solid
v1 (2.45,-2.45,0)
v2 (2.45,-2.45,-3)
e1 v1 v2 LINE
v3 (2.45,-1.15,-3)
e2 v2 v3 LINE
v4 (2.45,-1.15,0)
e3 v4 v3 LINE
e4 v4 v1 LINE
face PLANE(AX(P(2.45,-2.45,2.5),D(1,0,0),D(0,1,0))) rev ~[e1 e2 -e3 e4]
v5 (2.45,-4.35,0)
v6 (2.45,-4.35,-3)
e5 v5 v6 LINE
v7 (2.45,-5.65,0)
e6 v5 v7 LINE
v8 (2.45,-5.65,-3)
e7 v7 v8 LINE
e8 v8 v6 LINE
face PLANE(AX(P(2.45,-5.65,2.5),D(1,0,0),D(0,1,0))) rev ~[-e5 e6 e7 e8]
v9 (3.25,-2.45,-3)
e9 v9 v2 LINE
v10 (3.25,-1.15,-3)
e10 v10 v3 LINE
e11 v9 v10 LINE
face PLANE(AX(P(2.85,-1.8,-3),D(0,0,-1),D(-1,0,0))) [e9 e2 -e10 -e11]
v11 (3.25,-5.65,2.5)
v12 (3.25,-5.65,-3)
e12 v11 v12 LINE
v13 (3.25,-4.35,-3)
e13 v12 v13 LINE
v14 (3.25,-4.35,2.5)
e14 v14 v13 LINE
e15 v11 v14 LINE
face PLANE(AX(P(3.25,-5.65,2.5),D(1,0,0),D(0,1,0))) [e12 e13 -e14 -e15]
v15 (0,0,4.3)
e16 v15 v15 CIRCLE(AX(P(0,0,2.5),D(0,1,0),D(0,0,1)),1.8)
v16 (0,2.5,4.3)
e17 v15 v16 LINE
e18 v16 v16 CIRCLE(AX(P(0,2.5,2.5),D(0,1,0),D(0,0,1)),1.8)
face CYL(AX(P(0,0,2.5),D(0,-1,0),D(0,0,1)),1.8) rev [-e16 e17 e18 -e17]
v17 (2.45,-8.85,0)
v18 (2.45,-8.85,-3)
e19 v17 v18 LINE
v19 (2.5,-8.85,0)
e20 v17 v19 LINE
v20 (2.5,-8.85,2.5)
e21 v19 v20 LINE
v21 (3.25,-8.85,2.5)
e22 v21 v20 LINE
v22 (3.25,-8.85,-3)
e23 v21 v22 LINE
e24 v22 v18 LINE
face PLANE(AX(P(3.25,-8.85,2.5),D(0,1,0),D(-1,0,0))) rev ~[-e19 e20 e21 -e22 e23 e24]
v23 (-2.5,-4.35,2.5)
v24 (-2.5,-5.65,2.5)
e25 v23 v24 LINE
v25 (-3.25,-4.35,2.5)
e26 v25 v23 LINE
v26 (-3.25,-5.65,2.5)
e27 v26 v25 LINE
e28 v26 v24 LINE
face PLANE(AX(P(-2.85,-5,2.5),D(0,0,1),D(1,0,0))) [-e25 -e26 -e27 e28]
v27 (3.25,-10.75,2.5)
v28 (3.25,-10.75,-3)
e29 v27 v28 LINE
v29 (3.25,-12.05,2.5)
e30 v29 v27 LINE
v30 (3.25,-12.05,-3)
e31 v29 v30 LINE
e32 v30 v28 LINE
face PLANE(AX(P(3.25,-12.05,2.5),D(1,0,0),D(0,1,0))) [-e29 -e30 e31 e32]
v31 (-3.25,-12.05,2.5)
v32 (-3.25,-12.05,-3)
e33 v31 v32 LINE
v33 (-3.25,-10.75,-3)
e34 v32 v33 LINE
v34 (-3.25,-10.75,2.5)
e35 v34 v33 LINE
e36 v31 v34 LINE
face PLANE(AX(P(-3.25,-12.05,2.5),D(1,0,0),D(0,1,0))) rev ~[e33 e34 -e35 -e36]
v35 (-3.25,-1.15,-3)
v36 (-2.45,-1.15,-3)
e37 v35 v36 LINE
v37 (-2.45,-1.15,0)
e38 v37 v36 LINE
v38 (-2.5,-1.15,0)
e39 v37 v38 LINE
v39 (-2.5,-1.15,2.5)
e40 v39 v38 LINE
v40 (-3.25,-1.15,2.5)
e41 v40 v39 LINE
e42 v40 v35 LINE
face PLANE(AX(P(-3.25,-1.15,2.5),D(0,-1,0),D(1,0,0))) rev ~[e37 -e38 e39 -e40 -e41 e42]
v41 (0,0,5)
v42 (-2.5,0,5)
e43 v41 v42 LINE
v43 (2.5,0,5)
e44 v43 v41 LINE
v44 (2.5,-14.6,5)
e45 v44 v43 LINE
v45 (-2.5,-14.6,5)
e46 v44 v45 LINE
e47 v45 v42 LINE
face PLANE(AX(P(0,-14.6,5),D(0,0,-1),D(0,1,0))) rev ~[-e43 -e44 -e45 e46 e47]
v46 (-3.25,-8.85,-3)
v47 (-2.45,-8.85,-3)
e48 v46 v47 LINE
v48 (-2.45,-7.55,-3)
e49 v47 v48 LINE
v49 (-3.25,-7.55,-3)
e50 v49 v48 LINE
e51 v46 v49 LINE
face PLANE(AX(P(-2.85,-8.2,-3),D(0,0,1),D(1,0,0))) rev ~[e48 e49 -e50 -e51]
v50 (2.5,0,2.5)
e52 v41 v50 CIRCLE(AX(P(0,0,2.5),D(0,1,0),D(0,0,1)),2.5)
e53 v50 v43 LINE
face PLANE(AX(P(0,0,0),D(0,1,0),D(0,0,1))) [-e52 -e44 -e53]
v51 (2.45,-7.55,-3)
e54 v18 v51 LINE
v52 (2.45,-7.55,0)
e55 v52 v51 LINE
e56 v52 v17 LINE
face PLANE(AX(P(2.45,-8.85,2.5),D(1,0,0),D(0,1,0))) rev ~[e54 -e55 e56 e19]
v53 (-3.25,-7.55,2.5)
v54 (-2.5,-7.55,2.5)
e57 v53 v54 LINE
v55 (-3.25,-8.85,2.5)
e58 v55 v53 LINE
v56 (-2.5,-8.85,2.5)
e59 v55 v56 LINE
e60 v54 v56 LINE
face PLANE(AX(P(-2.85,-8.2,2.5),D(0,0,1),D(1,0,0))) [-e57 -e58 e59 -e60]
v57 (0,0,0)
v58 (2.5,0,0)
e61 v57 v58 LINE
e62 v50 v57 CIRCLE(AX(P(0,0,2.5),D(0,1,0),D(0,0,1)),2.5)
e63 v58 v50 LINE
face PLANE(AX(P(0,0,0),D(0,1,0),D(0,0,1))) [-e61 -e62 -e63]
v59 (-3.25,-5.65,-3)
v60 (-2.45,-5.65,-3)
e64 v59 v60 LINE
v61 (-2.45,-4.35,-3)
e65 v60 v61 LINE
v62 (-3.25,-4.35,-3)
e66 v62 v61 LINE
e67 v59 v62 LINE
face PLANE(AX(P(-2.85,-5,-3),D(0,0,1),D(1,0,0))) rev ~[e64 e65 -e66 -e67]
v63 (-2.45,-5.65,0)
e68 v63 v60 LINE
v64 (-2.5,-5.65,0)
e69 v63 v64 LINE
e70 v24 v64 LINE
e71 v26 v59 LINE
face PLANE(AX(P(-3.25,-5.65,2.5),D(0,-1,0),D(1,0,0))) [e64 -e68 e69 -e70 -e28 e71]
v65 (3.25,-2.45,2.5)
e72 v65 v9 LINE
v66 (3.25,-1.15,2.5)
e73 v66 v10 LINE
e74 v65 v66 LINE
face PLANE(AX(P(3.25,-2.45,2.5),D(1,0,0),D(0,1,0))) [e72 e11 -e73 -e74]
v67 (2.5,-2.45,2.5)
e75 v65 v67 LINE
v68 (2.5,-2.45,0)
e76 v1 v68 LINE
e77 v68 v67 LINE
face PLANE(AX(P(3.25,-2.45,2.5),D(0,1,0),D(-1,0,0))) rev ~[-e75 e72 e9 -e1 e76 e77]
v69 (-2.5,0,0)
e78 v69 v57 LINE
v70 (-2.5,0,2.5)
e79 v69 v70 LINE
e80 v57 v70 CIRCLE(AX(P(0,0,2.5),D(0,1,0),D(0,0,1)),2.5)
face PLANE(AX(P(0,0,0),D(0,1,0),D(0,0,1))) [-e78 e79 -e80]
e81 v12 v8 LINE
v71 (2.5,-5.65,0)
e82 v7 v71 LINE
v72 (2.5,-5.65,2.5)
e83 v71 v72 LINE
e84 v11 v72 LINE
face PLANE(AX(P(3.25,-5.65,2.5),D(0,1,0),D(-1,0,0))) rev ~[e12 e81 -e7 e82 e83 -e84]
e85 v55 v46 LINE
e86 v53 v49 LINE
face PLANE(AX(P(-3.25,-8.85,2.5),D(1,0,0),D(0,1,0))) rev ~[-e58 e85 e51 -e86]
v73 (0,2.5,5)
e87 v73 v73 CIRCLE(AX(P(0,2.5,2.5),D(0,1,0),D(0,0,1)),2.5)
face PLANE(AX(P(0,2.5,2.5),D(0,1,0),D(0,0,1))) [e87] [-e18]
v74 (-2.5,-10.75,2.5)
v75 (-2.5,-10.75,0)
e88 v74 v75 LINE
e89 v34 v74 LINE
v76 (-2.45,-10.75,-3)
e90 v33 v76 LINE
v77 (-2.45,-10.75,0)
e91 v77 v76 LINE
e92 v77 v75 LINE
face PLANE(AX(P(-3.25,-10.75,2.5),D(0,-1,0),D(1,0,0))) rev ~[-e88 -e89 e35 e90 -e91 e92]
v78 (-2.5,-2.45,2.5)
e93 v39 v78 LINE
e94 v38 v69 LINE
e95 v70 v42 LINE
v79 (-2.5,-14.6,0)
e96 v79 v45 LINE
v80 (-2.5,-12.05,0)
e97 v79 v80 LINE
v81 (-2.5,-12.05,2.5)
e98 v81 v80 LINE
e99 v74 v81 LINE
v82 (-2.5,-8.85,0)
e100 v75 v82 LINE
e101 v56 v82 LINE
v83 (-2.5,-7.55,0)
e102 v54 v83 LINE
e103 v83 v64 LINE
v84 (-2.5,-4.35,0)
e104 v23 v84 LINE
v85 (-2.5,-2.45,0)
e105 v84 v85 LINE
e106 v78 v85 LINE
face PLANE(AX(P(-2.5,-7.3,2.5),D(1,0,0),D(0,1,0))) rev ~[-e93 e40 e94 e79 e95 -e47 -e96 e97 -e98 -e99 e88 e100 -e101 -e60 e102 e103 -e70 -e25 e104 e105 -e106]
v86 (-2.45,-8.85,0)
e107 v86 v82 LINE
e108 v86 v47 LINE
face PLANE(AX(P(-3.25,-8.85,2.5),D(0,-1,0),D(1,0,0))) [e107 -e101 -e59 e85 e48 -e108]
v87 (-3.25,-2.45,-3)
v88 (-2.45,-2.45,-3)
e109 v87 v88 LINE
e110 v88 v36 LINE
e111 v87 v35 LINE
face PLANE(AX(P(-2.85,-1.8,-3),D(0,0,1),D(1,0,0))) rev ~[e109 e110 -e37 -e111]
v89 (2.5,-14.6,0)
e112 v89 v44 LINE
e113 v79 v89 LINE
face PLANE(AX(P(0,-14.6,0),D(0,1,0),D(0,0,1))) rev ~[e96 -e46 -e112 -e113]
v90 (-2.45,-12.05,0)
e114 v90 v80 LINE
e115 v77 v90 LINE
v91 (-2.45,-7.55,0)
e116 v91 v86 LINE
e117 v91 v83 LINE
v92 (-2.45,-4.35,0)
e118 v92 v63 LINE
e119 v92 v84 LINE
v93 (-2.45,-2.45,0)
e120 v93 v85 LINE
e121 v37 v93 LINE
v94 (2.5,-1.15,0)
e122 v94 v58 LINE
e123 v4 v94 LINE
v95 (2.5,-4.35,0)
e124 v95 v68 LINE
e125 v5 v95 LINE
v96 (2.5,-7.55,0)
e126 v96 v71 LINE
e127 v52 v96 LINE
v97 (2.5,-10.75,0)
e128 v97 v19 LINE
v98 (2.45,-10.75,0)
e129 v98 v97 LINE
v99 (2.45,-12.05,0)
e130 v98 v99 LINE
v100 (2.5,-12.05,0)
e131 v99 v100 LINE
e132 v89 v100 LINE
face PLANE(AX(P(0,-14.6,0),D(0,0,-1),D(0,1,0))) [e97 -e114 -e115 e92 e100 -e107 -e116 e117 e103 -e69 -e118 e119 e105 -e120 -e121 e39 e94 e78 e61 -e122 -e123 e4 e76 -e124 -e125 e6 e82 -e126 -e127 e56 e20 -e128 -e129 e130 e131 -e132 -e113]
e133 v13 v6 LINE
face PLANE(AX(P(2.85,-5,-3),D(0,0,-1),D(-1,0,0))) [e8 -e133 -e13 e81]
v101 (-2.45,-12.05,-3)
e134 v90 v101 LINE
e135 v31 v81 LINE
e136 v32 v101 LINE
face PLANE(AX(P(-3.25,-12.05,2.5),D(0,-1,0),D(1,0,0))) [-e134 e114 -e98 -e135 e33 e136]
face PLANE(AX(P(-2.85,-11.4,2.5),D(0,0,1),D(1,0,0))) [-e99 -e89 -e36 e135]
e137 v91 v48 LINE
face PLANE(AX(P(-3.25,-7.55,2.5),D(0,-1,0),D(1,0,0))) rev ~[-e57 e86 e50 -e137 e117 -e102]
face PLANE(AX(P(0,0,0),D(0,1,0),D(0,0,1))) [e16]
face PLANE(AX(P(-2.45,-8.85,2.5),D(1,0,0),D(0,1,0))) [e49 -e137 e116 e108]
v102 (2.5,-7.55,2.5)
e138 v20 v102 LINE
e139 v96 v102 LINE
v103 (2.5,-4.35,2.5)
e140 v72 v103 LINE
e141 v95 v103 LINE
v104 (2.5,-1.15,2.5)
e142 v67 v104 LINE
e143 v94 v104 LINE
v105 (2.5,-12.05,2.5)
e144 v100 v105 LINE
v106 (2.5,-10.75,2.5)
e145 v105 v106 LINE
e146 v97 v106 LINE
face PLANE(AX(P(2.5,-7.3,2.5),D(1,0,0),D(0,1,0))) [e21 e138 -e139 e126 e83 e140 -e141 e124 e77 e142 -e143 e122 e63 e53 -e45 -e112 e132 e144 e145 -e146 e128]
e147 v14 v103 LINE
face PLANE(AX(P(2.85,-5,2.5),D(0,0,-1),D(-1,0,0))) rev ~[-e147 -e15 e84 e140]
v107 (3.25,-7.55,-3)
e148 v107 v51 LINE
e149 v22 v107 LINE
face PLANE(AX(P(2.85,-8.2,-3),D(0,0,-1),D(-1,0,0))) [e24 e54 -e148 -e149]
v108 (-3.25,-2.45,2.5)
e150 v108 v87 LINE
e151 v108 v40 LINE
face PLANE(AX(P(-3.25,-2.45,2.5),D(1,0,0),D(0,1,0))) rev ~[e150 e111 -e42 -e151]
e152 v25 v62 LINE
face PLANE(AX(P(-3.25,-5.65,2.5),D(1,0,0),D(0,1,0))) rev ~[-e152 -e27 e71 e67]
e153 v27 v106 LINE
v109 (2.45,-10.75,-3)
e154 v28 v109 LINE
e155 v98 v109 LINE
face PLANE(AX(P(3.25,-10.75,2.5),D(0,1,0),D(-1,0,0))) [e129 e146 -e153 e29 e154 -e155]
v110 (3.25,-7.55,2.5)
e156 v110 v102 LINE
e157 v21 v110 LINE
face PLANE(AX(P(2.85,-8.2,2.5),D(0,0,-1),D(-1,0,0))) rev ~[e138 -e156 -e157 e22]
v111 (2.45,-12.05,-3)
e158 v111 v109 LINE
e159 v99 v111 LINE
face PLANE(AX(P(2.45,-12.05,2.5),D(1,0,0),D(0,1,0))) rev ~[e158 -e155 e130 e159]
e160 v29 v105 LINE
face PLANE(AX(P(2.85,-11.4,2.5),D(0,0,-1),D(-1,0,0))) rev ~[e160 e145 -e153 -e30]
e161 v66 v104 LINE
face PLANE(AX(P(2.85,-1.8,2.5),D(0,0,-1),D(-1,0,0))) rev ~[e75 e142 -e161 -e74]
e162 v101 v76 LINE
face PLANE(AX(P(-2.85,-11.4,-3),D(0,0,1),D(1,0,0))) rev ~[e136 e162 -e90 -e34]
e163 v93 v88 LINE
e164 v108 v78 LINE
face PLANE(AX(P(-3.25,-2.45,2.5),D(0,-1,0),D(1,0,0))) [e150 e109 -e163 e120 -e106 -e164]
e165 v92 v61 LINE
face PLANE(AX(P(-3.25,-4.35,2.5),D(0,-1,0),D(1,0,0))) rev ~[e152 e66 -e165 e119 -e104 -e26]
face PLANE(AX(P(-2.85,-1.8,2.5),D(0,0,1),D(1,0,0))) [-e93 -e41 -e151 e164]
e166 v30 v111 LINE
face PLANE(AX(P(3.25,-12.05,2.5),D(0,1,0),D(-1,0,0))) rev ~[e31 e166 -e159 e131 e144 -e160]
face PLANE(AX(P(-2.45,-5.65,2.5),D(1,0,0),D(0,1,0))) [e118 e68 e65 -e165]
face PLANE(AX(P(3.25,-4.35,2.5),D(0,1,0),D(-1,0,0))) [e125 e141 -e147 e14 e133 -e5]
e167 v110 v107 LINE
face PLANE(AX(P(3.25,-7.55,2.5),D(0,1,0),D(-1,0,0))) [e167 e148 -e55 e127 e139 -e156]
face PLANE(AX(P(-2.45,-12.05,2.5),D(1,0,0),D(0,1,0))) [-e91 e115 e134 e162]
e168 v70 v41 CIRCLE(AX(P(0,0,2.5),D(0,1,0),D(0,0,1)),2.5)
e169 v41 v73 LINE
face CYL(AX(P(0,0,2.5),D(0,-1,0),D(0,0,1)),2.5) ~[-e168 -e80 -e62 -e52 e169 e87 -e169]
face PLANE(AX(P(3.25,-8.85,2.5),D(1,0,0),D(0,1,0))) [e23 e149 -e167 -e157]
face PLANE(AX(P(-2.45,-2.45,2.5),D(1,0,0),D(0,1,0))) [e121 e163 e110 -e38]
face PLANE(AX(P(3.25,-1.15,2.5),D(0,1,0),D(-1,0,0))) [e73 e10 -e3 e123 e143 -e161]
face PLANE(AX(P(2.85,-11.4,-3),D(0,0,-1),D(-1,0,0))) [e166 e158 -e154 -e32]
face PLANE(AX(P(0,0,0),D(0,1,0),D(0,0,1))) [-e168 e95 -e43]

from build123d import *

# Parameters (mm, degrees)
SKETCH_W                = 14.6
SKETCH_H                = 5
PAD_DEPTH               = 2.5
SKETCH001_R             = 2.5
SKETCH001_R_2           = 1.8
PAD001_DEPTH            = 2.5
SKETCH002_W             = 0.8
SKETCH002_H             = 1.3
PAD002_DEPTH            = 5.5
SKETCH002_MIRRORED_2_W  = 0.8
SKETCH002_MIRRORED_2_H  = 1.3
PAD002_MIRRORED_2_DEPTH = 5.5
LINEARPATTERN_COUNT     = 4
LINEARPATTERN_PITCH     = 3.2


with BuildPart() as part:
    # Sketch → Pad (new body, symmetric)
    with BuildSketch(Plane.YZ):
        with Locations((-7.3, 2.5)):
            Rectangle(SKETCH_W, SKETCH_H)
    extrude(amount=PAD_DEPTH, both=True)

    # Sketch001 (on Face2 of Pad) → Pad001 (join)
    with BuildSketch(Plane.ZX):
        with Locations((2.5, 0)):
            Circle(SKETCH001_R)
        with Locations((2.5, 0)):
            Circle(SKETCH001_R_2, mode=Mode.SUBTRACT)
    extrude(amount=PAD001_DEPTH)

    # Sketch002 → Pad002 (join)
    with BuildSketch(Plane.XY.offset(2.5)):
        with Locations((-2.85, -11.4)):
            Rectangle(SKETCH002_W, SKETCH002_H)
    pad002 = extrude(amount=-PAD002_DEPTH)

    # Sketch002 Mirrored 2 → Pad002 Mirrored 2 (add)
    with BuildSketch(Plane(origin=(0, 0, 2.5), x_dir=(-1, 0, 0), z_dir=(0, 0, -1))):
        with Locations((-2.85, -11.4)):
            Rectangle(SKETCH002_MIRRORED_2_W, SKETCH002_MIRRORED_2_H)
    pad002_mirrored_2 = extrude(amount=PAD002_MIRRORED_2_DEPTH)

    # LinearPattern: Pad002, Pad002 Mirrored 2 ×4
    with Locations(*[(0, i * LINEARPATTERN_PITCH, 0) for i in range(1, LINEARPATTERN_COUNT)]):
        add(pad002)
        add(pad002_mirrored_2)


solid = part.part
